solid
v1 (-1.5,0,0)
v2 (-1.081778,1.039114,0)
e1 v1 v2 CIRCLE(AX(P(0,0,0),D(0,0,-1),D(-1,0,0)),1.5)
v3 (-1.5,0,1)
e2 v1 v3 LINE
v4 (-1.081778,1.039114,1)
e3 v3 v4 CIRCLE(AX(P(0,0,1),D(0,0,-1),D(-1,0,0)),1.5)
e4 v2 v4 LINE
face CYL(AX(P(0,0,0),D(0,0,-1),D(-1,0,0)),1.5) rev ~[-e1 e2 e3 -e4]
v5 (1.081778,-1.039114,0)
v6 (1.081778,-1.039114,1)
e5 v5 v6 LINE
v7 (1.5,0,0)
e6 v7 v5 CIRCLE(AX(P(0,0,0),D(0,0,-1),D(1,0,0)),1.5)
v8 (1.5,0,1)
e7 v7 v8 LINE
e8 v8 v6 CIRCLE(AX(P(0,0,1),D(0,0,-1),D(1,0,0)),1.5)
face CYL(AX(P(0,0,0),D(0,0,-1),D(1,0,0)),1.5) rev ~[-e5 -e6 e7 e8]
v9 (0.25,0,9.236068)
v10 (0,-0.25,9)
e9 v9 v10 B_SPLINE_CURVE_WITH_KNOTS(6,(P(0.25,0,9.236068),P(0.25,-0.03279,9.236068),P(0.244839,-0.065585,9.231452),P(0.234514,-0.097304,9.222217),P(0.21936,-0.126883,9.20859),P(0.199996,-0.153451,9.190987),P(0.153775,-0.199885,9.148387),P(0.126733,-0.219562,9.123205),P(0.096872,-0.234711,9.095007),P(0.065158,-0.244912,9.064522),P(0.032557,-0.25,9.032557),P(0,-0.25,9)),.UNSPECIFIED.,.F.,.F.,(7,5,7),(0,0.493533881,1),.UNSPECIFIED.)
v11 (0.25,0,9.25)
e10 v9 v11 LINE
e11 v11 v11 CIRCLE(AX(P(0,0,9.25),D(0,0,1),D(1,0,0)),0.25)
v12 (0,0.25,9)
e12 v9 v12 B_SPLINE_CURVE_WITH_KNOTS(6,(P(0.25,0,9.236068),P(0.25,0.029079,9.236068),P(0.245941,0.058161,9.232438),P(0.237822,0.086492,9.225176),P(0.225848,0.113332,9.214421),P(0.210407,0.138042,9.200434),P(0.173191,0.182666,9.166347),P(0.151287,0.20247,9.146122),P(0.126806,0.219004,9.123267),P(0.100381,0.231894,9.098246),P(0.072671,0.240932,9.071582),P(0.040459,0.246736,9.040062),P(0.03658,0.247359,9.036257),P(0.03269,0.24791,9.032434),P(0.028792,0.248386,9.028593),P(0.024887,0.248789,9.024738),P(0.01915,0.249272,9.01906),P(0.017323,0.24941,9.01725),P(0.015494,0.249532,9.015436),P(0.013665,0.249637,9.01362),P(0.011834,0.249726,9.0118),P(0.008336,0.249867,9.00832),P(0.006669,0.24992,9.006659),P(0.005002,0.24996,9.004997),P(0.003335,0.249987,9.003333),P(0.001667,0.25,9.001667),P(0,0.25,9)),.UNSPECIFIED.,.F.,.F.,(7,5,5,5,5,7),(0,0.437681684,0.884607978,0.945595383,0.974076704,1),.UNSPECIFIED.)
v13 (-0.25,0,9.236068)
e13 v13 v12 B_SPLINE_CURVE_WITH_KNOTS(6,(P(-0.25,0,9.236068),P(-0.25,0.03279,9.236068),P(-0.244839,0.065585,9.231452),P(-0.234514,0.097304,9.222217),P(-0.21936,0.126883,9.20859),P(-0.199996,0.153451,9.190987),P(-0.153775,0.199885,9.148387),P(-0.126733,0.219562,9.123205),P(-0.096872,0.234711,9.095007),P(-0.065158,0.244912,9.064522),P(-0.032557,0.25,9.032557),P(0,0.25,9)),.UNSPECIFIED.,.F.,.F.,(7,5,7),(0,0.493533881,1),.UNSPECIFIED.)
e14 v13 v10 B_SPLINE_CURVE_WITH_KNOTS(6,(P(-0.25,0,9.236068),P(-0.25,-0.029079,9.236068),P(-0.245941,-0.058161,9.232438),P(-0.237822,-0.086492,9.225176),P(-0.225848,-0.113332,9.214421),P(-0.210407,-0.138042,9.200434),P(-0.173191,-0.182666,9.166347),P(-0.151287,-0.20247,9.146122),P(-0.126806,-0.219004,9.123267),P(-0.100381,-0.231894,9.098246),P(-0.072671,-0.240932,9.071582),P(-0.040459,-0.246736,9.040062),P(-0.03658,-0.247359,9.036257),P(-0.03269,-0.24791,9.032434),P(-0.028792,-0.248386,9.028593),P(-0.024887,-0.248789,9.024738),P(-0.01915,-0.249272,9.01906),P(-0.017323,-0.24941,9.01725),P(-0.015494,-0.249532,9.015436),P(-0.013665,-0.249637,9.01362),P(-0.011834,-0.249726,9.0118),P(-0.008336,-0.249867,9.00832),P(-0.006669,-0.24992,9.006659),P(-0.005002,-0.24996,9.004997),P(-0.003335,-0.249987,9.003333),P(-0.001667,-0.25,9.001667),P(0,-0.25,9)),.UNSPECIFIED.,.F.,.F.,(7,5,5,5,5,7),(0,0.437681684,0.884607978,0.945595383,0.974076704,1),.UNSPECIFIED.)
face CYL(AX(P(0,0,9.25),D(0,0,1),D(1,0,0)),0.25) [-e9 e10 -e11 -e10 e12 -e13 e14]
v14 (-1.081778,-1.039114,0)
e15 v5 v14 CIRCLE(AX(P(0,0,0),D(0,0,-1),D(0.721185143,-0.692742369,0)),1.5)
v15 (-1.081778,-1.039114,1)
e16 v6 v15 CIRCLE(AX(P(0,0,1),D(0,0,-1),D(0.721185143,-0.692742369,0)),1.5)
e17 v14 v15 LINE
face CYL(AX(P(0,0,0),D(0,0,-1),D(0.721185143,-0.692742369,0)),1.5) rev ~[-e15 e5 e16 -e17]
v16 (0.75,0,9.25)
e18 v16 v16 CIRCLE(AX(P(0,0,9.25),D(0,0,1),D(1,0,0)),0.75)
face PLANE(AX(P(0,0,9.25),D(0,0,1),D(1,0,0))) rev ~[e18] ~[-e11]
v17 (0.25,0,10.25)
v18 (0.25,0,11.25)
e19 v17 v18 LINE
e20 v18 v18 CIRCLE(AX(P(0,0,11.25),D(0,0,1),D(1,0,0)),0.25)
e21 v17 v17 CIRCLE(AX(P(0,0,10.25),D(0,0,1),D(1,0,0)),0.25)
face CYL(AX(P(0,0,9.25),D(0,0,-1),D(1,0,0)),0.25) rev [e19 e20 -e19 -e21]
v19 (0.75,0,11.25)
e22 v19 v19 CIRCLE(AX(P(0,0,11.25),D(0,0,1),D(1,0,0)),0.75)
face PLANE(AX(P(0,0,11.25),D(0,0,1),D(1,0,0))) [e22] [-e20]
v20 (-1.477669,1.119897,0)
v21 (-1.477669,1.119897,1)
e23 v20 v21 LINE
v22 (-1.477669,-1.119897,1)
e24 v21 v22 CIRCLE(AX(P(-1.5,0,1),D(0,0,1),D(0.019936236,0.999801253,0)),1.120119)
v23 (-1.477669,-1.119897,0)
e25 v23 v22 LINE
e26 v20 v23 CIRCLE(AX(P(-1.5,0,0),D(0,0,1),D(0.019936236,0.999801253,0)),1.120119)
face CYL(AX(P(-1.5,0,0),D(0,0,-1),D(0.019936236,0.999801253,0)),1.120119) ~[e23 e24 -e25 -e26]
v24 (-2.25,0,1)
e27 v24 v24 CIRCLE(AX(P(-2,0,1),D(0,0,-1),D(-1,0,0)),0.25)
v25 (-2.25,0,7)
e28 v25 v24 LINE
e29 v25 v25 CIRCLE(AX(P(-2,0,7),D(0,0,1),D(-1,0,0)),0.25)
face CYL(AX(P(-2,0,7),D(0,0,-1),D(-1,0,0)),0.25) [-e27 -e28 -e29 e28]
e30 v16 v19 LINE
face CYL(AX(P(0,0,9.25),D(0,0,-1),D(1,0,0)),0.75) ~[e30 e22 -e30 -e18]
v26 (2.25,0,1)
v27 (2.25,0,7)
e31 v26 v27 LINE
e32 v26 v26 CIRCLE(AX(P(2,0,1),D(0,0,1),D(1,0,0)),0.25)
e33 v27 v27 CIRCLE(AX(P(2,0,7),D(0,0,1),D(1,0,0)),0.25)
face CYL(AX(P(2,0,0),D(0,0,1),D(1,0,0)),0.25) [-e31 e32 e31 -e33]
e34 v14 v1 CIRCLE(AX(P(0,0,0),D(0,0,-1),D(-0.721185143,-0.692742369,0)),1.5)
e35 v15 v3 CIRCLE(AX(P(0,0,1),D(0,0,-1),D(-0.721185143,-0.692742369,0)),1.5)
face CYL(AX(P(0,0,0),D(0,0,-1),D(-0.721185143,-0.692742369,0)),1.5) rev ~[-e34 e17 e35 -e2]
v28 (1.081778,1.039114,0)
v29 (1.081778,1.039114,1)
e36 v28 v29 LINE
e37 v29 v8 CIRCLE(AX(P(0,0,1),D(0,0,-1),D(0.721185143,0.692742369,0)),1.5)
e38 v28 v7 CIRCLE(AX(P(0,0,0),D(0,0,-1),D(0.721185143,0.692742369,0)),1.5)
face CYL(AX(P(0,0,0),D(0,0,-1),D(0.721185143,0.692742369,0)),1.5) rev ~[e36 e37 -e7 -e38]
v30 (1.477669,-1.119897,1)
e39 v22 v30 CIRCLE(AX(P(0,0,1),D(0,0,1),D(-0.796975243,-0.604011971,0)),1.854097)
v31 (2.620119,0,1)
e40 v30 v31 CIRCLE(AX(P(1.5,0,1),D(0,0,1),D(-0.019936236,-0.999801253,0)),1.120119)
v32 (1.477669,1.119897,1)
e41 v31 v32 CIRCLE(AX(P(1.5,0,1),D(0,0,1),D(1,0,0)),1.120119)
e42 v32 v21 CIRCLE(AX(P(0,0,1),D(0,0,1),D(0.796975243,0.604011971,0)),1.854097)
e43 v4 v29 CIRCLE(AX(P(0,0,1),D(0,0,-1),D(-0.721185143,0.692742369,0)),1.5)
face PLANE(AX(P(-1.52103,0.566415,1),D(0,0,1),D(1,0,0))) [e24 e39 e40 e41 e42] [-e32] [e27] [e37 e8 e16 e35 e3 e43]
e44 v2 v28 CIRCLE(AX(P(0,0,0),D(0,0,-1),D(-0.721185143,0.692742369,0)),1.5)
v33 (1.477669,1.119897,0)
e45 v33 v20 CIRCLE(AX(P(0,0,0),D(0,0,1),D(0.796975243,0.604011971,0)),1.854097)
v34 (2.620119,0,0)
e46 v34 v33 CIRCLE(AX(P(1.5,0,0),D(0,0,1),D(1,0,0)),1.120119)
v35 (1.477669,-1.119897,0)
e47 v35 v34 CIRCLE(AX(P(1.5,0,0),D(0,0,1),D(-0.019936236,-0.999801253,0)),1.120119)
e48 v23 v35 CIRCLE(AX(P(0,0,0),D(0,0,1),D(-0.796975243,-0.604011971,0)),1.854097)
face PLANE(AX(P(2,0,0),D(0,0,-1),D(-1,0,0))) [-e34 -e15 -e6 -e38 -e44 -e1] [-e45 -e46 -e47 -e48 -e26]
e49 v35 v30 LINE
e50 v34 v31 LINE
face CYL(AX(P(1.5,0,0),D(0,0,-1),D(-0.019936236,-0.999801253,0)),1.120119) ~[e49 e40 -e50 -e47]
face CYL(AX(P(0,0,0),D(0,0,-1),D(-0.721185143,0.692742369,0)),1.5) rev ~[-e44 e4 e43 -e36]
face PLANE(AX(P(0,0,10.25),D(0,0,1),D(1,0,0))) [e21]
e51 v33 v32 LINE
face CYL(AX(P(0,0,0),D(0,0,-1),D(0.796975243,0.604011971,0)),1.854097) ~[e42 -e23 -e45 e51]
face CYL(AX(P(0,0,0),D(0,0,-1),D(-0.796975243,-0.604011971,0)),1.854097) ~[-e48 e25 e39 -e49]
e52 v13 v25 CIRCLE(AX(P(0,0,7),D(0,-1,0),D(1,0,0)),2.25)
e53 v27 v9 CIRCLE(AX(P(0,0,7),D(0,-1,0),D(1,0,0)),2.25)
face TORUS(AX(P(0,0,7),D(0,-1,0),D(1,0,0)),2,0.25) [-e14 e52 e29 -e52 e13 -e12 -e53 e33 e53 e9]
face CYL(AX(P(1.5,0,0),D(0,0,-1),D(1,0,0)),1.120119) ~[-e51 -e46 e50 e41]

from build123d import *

# Parameters (mm, degrees)
F1_DEPTH      = 1
F3_R          = 0.25
F6_R          = 0.25
F7_DEPTH      = 1
F7_DEPTH_BACK = 0.25
F6_R_2        = 0.75
F8_DEPTH      = 2


with BuildPart() as f1:
    # F0 (on Top) → F1 (new body)
    with BuildSketch(Plane.XY):
        with BuildLine():
            ThreePointArc((-1.5, 0), (-1.3915219316, 0.5600595628), (-1.0817777148, 1.0391135529))
            ThreePointArc((-1.0817777148, 1.0391135529), (-1.2760507608, 1.0975033458), (-1.4776690405, 1.1198965059))
            ThreePointArc((-1.4776690405, 1.1198965059), (-1.7574719103, 0.590733833), (-1.8540965393, 0))
            Line((-1.8540965393, 0), (-1.5, 0))
        make_face()
        with BuildLine():
            ThreePointArc((-1.8540965393, 0), (-1.7574719103, 0.590733833), (-1.4776690405, 1.1198965059))
            ThreePointArc((-1.4776690405, 1.1198965059), (-2.6201191257, 0), (-1.4776690405, -1.1198965059))
            ThreePointArc((-1.4776690405, -1.1198965059), (-1.7574719103, -0.590733833), (-1.8540965393, 0))
        make_face()
        with BuildLine():
            ThreePointArc((-1.4776690405, -1.1198965059), (-1.2760507608, -1.0975033458), (-1.0817777148, -1.0391135529))
            ThreePointArc((-1.0817777148, -1.0391135529), (-1.3915219316, -0.5600595628), (-1.5, 0))
            Line((-1.5, 0), (-1.8540965393, 0))
            ThreePointArc((-1.8540965393, 0), (-1.7574719103, -0.590733833), (-1.4776690405, -1.1198965059))
        make_face()
        with BuildLine():
            ThreePointArc((1.4776690405, -1.1198965059), (1.2760507608, -1.0975033458), (1.0817777148, -1.0391135529))
            ThreePointArc((1.0817777148, -1.0391135529), (0, -1.5), (-1.0817777148, -1.0391135529))
            ThreePointArc((-1.0817777148, -1.0391135529), (-1.2760507608, -1.0975033458), (-1.4776690405, -1.1198965059))
            ThreePointArc((-1.4776690405, -1.1198965059), (0, -1.8540965393), (1.4776690405, -1.1198965059))
        make_face()
        with BuildLine():
            ThreePointArc((-1.0817777148, 1.0391135529), (0, 1.5), (1.0817777148, 1.0391135529))
            ThreePointArc((1.0817777148, 1.0391135529), (1.2760507608, 1.0975033458), (1.4776690405, 1.1198965059))
            ThreePointArc((1.4776690405, 1.1198965059), (0, 1.8540965393), (-1.4776690405, 1.1198965059))
            ThreePointArc((-1.4776690405, 1.1198965059), (-1.2760507608, 1.0975033458), (-1.0817777148, 1.0391135529))
        make_face()
        with BuildLine():
            ThreePointArc((2.6201191257, 0), (2.2841088958, 0.7999000533), (1.4776690405, 1.1198965059))
            ThreePointArc((1.4776690405, 1.1198965059), (1.7574719103, 0.590733833), (1.8540965393, 0))
            ThreePointArc((1.8540965393, 0), (1.7574719103, -0.590733833), (1.4776690405, -1.1198965059))
            ThreePointArc((1.4776690405, -1.1198965059), (2.2841088958, -0.7999000533), (2.6201191257, 0))
        make_face()
        with BuildLine():
            ThreePointArc((1.0817777148, 1.0391135529), (1.3915219316, 0.5600595628), (1.5, 0))
            ThreePointArc((1.5, 0), (1.3915219316, -0.5600595628), (1.0817777148, -1.0391135529))
            ThreePointArc((1.0817777148, -1.0391135529), (1.2760507608, -1.0975033458), (1.4776690405, -1.1198965059))
            ThreePointArc((1.4776690405, -1.1198965059), (1.7574719103, -0.590733833), (1.8540965393, 0))
            ThreePointArc((1.8540965393, 0), (1.7574719103, 0.590733833), (1.4776690405, 1.1198965059))
            ThreePointArc((1.4776690405, 1.1198965059), (1.2760507608, 1.0975033458), (1.0817777148, 1.0391135529))
        make_face()
    extrude(amount=F1_DEPTH)

    # F4: sweep along a path in F2
    with BuildLine(Plane.XZ) as f4_path:
        Line((2, 0), (2, 7))
        ThreePointArc((2, 7), (0, 9), (-2, 7))
        Line((-2, 7), (-2, 0))
    # F3 (on face) → F4 (sweep)
    with BuildSketch(Plane(origin=(0, 0, 0), x_dir=(1, 0, 0), z_dir=(0, 0, -1))):
        with Locations((2, 0)):
            Circle(F3_R)
    sweep(path=f4_path.line)

    # F6 (on offset) → F7 (join, two sides)
    with BuildSketch(Plane.XY.offset(9.25)) as f7_sk:
        Circle(F6_R)
    extrude(amount=F7_DEPTH)
    extrude(f7_sk.sketch, amount=-F7_DEPTH_BACK)

    # F6 (on offset) → F8 (join)
    with BuildSketch(Plane.XY.offset(9.25)):
        Circle(F6_R_2)
        Circle(F6_R, mode=Mode.SUBTRACT)
    extrude(amount=F8_DEPTH)


solid = f1.part
